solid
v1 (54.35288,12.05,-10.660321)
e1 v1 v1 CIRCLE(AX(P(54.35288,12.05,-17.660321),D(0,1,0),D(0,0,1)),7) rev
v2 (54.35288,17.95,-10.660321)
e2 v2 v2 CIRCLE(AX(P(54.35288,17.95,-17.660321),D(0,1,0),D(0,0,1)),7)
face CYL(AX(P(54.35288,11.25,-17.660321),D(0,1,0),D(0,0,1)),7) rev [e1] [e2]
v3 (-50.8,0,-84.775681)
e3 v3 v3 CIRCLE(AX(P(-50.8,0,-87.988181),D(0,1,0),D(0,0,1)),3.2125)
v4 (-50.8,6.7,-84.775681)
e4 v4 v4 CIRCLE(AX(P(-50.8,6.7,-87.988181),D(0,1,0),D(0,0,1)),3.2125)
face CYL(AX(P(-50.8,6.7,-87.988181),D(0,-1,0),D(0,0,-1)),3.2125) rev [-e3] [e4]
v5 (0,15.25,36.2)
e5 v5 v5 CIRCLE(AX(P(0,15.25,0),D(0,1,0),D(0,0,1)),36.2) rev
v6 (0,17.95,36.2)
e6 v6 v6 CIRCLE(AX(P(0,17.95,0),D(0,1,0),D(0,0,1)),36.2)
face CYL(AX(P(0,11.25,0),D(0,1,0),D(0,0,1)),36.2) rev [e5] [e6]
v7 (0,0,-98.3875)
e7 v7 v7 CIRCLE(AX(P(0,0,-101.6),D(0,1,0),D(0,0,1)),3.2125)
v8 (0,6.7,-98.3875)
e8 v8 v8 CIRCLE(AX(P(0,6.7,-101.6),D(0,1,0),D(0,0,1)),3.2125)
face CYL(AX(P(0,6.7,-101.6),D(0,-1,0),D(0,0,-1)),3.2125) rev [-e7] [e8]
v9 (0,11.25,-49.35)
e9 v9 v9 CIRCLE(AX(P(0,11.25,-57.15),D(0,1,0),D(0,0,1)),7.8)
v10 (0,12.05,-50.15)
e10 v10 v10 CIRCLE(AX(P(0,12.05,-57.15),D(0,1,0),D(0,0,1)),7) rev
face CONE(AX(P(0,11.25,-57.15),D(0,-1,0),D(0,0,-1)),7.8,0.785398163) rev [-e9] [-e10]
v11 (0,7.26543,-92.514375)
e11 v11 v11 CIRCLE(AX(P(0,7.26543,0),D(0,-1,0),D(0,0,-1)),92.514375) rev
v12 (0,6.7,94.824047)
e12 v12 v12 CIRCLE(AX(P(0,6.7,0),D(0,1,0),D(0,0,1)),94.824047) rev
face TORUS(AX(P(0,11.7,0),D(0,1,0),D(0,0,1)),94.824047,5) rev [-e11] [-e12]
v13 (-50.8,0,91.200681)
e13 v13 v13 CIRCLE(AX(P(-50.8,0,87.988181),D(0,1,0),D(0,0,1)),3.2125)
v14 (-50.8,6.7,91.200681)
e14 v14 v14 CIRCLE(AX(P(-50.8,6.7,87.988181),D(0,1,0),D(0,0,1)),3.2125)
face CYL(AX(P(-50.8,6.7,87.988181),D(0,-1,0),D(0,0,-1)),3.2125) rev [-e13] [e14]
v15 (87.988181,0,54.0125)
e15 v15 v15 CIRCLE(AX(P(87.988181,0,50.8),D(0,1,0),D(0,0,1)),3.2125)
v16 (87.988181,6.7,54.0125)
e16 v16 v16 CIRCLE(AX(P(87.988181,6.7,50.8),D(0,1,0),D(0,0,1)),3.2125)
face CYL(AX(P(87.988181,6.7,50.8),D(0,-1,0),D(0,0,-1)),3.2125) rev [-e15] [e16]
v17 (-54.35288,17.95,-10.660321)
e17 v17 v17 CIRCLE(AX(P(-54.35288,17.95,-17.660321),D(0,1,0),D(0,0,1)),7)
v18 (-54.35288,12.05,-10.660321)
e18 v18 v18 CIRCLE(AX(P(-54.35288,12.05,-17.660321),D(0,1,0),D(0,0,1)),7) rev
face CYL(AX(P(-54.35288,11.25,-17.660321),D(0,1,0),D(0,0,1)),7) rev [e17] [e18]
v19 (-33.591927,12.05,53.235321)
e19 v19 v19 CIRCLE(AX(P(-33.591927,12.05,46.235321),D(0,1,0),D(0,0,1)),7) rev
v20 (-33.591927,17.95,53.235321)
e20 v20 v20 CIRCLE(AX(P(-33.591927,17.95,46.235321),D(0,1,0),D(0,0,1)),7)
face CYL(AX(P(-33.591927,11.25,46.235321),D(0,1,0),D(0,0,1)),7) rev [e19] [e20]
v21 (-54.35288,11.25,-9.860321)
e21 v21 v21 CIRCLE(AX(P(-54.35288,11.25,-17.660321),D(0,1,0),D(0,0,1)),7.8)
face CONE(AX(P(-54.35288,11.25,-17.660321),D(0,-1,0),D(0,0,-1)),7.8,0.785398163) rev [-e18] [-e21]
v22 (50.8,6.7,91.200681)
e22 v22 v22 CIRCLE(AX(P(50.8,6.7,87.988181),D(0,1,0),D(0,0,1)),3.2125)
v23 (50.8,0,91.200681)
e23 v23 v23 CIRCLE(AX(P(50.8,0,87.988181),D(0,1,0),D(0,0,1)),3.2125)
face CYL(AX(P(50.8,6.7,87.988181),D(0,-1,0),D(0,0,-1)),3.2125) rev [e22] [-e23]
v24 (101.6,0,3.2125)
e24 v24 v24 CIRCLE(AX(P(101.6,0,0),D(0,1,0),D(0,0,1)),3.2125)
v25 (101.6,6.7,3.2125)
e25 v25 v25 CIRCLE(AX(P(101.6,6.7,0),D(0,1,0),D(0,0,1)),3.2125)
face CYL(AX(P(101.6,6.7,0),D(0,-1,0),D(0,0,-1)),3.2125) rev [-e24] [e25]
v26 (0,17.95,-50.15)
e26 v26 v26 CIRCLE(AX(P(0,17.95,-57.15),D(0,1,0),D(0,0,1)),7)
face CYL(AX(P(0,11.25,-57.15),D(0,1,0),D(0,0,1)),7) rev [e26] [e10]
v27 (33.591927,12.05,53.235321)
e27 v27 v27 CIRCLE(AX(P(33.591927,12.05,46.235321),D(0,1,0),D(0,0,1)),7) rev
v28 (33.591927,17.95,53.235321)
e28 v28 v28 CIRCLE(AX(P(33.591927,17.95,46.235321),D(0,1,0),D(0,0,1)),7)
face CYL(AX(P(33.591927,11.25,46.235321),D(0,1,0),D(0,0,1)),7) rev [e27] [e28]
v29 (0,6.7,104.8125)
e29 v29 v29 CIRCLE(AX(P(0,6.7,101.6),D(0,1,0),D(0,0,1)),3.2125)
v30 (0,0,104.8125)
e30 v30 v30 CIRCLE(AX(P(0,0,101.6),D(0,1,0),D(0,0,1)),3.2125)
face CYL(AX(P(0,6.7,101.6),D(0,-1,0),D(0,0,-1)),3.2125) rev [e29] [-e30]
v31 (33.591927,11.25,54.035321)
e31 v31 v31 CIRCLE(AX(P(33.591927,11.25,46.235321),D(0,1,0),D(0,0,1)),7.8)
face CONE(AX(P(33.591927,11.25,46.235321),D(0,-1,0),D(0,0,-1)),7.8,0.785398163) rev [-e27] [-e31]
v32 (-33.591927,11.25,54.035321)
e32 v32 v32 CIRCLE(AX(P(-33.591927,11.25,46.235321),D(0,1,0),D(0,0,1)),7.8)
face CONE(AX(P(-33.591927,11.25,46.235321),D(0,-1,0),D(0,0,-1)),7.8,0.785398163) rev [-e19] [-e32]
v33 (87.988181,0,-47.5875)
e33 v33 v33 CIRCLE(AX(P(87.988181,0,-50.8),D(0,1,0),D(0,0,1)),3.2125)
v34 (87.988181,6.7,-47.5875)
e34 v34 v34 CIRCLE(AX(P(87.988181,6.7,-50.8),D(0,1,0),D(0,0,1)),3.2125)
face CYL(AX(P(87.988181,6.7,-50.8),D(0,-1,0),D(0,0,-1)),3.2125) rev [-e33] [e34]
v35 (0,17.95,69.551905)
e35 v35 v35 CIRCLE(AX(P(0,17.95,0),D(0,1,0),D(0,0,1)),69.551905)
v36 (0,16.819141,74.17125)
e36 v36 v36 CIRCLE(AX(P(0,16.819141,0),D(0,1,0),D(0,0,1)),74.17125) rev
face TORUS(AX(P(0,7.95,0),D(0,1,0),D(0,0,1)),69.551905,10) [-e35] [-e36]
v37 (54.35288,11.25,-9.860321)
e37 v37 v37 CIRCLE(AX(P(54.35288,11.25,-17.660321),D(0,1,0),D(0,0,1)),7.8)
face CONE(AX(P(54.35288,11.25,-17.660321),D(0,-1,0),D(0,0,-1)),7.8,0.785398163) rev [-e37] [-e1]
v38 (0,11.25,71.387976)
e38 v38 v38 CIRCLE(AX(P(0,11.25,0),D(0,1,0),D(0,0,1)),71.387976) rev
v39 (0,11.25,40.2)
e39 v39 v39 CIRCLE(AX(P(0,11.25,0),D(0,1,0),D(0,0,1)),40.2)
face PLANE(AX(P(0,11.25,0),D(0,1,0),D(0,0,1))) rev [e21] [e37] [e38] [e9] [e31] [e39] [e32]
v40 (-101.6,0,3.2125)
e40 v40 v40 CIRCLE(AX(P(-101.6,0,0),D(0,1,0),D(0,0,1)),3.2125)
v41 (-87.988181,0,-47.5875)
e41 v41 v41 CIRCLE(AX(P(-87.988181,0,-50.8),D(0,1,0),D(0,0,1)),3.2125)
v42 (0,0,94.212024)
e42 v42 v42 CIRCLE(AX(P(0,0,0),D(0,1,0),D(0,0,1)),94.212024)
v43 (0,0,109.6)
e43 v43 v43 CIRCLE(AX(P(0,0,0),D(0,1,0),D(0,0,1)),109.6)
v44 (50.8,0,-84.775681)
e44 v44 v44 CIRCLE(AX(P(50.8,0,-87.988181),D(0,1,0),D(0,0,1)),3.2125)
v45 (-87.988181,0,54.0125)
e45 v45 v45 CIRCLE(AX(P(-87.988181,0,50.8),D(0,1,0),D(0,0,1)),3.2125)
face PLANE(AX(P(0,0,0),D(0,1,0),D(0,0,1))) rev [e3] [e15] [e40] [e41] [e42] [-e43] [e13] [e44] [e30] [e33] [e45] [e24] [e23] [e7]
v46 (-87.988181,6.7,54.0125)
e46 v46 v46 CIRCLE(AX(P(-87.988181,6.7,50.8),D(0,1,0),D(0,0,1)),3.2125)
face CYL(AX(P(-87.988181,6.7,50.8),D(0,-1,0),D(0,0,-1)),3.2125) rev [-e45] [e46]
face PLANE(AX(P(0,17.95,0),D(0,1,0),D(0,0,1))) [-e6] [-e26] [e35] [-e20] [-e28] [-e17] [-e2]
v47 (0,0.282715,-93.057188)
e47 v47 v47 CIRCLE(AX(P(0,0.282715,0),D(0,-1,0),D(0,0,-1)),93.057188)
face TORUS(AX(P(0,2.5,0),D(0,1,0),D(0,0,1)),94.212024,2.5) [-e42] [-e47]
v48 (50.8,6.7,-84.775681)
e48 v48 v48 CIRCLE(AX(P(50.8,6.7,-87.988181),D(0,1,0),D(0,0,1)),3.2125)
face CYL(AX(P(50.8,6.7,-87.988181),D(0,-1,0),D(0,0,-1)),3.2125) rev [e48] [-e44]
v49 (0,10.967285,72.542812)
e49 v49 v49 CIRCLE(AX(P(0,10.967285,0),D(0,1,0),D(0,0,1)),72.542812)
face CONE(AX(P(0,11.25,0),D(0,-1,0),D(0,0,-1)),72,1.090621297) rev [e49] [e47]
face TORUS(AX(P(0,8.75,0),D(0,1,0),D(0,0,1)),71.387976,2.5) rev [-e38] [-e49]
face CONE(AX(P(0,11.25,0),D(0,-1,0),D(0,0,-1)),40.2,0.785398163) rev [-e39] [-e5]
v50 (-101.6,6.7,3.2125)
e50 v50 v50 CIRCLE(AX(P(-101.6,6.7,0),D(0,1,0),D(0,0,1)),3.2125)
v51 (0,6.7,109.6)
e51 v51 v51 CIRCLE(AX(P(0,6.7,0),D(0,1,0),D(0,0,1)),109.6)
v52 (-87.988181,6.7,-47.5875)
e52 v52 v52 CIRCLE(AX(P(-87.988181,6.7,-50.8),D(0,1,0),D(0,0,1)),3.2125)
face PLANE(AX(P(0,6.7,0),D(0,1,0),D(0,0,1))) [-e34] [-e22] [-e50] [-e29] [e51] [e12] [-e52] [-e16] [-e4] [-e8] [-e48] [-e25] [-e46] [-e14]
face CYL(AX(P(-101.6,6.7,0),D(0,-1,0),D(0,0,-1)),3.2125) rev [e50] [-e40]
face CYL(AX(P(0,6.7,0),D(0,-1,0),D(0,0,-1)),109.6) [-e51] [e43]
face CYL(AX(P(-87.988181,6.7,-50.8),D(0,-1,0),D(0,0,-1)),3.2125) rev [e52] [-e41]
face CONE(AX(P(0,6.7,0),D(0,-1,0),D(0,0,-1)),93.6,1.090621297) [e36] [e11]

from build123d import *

# Parameters (mm, degrees)
SKETCH1_R           = 109.6
SKETCH1_R_2         = 3.2125
SKETCH1_R_3         = 93.6
BOSS_EXTRUDE1_DEPTH = 6.7
SKETCH2_R           = 72
SKETCH2_R_2         = 36.2
SKETCH2_R_3         = 7
BOSS_EXTRUDE3_DEPTH = 6.7
FILLET1_R           = 10
FILLET2_R           = 5
CHAMFER1_SIZE       = 4
CHAMFER2_SIZE       = 0.8
FILLET7_R           = 2.5
FILLET8_R           = 2.5


with BuildPart() as part:
    # Sketch1 → Boss-Extrude1 (new body)
    with BuildSketch(Plane(origin=(0, 0, 0), x_dir=(1, 0, 0), z_dir=(0, 1, 0))):
        with Locations(Location((0, 0, 0), (0, 0, 270))):
            Circle(SKETCH1_R)
        with Locations(Location((0, 101.6, 0), (0, 0, 270))):
            Circle(SKETCH1_R_2, mode=Mode.SUBTRACT)
        with Locations(Location((0, 0, 0), (0, 0, 270))):
            Circle(SKETCH1_R_3, mode=Mode.SUBTRACT)
        with Locations(Location((50.8, 87.988181025, 0), (0, 0, 270))):
            Circle(SKETCH1_R_2, mode=Mode.SUBTRACT)
        with Locations(Location((87.988181025, 50.8, 0), (0, 0, 270))):
            Circle(SKETCH1_R_2, mode=Mode.SUBTRACT)
        with Locations(Location((101.6, 0, 0), (0, 0, 270))):
            Circle(SKETCH1_R_2, mode=Mode.SUBTRACT)
        with Locations(Location((87.988181025, -50.8, 0), (0, 0, 270))):
            Circle(SKETCH1_R_2, mode=Mode.SUBTRACT)
        with Locations(Location((50.8, -87.988181024, 0), (0, 0, 270))):
            Circle(SKETCH1_R_2, mode=Mode.SUBTRACT)
        with Locations(Location((0, -101.6, 0), (0, 0, 270))):
            Circle(SKETCH1_R_2, mode=Mode.SUBTRACT)
        with Locations(Location((-50.8, -87.988181025, 0), (0, 0, 270))):
            Circle(SKETCH1_R_2, mode=Mode.SUBTRACT)
        with Locations(Location((-87.988181024, -50.8, 0), (0, 0, 270))):
            Circle(SKETCH1_R_2, mode=Mode.SUBTRACT)
        with Locations(Location((-101.6, 0, 0), (0, 0, 270))):
            Circle(SKETCH1_R_2, mode=Mode.SUBTRACT)
        with Locations(Location((-87.988181024, 50.8, 0), (0, 0, 270))):
            Circle(SKETCH1_R_2, mode=Mode.SUBTRACT)
        with Locations(Location((-50.8, 87.988181024, 0), (0, 0, 270))):
            Circle(SKETCH1_R_2, mode=Mode.SUBTRACT)
    extrude(amount=BOSS_EXTRUDE1_DEPTH)



with BuildPart() as body_2:
    # Sketch2 → Boss-Extrude3 (new body)
    with BuildSketch(Plane(origin=(0, 17.95, 0), x_dir=(1, 0, 0), z_dir=(0, 1, 0))):
        with Locations(Location((0, 0, 0), (0, 0, 270))):
            Circle(SKETCH2_R)
        with Locations(Location((0, 0, 0), (0, 0, 270))):
            Circle(SKETCH2_R_2, mode=Mode.SUBTRACT)
        with Locations(Location((0, 57.15, 0), (0, 0, 270))):
            Circle(SKETCH2_R_3, mode=Mode.SUBTRACT)
        with Locations(Location((54.352879906, 17.660321229, 0), (0, 0, 270))):
            Circle(SKETCH2_R_3, mode=Mode.SUBTRACT)
        with Locations(Location((33.591927169, -46.235321229, 0), (0, 0, 270))):
            Circle(SKETCH2_R_3, mode=Mode.SUBTRACT)
        with Locations(Location((-33.591927169, -46.235321229, 0), (0, 0, 270))):
            Circle(SKETCH2_R_3, mode=Mode.SUBTRACT)
        with Locations(Location((-54.352879906, 17.660321229, 0), (0, 0, 270))):
            Circle(SKETCH2_R_3, mode=Mode.SUBTRACT)
    extrude(amount=-BOSS_EXTRUDE3_DEPTH)


with BuildPart() as part_1:
    add(part.part)

    add(body_2.part)  # Sweep3 merges body 2
    # Sweep3: sweep along a curve in space
    with BuildLine() as sweep3_path:
        ThreePointArc((0, 11.25, 72), (50.911688245, 11.25, 50.911688245), (72, 11.25, 0))
        ThreePointArc((72, 11.25, 0), (50.911688245, 11.25, -50.911688245), (0, 11.25, -72))
        ThreePointArc((0, 11.25, -72), (-50.911688245, 11.25, -50.911688245), (-72, 11.25, 0))
        ThreePointArc((-72, 11.25, 0), (-50.911688245, 11.25, 50.911688245), (0, 11.25, 72))
    # Sketch4 → Sweep3 (sweep)
    with BuildSketch(Plane.XY):
        Polygon((72, 17.95), (93.6, 6.7), (93.6, 0), (72, 11.25), align=None)
    sweep(path=sweep3_path.line)

    # Fillet1
    fillet1_edges = [part_1.edges().sort_by_distance(p)[0] for p in [
        (50.911688245, 17.95, 50.911688245),
    ]]
    fillet(fillet1_edges, radius=FILLET1_R)

    # Fillet2
    fillet2_edges = [part_1.edges().sort_by_distance(p)[0] for p in [
        (66.185194719, 6.7, 66.185194719),
    ]]
    fillet(fillet2_edges, radius=FILLET2_R)

    # Chamfer1
    chamfer1_edges = [part_1.edges().sort_by_distance(p)[0] for p in [
        (0, 11.25, -36.2),
    ]]
    chamfer(chamfer1_edges, length=CHAMFER1_SIZE)

    # Chamfer2
    chamfer2_edges = [part_1.edges().sort_by_distance(p)[0] for p in [
        (-54.352879906, 11.25, -24.660321229),
        (-33.591927169, 11.25, 39.235321229),
        (33.591927169, 11.25, 39.235321229),
        (54.352879906, 11.25, -24.660321229),
        (0, 11.25, -64.15),
    ]]
    chamfer(chamfer2_edges, length=CHAMFER2_SIZE)

    # Fillet7
    fillet7_edges = [part_1.edges().sort_by_distance(p)[0] for p in [
        (50.911688245, 11.25, -50.911688245),
    ]]
    fillet(fillet7_edges, radius=FILLET7_R)

    # Fillet8
    fillet8_edges = [part_1.edges().sort_by_distance(p)[0] for p in [
        (66.185194719, 0, -66.185194719),
    ]]
    fillet(fillet8_edges, radius=FILLET8_R)


solid = part_1.part
